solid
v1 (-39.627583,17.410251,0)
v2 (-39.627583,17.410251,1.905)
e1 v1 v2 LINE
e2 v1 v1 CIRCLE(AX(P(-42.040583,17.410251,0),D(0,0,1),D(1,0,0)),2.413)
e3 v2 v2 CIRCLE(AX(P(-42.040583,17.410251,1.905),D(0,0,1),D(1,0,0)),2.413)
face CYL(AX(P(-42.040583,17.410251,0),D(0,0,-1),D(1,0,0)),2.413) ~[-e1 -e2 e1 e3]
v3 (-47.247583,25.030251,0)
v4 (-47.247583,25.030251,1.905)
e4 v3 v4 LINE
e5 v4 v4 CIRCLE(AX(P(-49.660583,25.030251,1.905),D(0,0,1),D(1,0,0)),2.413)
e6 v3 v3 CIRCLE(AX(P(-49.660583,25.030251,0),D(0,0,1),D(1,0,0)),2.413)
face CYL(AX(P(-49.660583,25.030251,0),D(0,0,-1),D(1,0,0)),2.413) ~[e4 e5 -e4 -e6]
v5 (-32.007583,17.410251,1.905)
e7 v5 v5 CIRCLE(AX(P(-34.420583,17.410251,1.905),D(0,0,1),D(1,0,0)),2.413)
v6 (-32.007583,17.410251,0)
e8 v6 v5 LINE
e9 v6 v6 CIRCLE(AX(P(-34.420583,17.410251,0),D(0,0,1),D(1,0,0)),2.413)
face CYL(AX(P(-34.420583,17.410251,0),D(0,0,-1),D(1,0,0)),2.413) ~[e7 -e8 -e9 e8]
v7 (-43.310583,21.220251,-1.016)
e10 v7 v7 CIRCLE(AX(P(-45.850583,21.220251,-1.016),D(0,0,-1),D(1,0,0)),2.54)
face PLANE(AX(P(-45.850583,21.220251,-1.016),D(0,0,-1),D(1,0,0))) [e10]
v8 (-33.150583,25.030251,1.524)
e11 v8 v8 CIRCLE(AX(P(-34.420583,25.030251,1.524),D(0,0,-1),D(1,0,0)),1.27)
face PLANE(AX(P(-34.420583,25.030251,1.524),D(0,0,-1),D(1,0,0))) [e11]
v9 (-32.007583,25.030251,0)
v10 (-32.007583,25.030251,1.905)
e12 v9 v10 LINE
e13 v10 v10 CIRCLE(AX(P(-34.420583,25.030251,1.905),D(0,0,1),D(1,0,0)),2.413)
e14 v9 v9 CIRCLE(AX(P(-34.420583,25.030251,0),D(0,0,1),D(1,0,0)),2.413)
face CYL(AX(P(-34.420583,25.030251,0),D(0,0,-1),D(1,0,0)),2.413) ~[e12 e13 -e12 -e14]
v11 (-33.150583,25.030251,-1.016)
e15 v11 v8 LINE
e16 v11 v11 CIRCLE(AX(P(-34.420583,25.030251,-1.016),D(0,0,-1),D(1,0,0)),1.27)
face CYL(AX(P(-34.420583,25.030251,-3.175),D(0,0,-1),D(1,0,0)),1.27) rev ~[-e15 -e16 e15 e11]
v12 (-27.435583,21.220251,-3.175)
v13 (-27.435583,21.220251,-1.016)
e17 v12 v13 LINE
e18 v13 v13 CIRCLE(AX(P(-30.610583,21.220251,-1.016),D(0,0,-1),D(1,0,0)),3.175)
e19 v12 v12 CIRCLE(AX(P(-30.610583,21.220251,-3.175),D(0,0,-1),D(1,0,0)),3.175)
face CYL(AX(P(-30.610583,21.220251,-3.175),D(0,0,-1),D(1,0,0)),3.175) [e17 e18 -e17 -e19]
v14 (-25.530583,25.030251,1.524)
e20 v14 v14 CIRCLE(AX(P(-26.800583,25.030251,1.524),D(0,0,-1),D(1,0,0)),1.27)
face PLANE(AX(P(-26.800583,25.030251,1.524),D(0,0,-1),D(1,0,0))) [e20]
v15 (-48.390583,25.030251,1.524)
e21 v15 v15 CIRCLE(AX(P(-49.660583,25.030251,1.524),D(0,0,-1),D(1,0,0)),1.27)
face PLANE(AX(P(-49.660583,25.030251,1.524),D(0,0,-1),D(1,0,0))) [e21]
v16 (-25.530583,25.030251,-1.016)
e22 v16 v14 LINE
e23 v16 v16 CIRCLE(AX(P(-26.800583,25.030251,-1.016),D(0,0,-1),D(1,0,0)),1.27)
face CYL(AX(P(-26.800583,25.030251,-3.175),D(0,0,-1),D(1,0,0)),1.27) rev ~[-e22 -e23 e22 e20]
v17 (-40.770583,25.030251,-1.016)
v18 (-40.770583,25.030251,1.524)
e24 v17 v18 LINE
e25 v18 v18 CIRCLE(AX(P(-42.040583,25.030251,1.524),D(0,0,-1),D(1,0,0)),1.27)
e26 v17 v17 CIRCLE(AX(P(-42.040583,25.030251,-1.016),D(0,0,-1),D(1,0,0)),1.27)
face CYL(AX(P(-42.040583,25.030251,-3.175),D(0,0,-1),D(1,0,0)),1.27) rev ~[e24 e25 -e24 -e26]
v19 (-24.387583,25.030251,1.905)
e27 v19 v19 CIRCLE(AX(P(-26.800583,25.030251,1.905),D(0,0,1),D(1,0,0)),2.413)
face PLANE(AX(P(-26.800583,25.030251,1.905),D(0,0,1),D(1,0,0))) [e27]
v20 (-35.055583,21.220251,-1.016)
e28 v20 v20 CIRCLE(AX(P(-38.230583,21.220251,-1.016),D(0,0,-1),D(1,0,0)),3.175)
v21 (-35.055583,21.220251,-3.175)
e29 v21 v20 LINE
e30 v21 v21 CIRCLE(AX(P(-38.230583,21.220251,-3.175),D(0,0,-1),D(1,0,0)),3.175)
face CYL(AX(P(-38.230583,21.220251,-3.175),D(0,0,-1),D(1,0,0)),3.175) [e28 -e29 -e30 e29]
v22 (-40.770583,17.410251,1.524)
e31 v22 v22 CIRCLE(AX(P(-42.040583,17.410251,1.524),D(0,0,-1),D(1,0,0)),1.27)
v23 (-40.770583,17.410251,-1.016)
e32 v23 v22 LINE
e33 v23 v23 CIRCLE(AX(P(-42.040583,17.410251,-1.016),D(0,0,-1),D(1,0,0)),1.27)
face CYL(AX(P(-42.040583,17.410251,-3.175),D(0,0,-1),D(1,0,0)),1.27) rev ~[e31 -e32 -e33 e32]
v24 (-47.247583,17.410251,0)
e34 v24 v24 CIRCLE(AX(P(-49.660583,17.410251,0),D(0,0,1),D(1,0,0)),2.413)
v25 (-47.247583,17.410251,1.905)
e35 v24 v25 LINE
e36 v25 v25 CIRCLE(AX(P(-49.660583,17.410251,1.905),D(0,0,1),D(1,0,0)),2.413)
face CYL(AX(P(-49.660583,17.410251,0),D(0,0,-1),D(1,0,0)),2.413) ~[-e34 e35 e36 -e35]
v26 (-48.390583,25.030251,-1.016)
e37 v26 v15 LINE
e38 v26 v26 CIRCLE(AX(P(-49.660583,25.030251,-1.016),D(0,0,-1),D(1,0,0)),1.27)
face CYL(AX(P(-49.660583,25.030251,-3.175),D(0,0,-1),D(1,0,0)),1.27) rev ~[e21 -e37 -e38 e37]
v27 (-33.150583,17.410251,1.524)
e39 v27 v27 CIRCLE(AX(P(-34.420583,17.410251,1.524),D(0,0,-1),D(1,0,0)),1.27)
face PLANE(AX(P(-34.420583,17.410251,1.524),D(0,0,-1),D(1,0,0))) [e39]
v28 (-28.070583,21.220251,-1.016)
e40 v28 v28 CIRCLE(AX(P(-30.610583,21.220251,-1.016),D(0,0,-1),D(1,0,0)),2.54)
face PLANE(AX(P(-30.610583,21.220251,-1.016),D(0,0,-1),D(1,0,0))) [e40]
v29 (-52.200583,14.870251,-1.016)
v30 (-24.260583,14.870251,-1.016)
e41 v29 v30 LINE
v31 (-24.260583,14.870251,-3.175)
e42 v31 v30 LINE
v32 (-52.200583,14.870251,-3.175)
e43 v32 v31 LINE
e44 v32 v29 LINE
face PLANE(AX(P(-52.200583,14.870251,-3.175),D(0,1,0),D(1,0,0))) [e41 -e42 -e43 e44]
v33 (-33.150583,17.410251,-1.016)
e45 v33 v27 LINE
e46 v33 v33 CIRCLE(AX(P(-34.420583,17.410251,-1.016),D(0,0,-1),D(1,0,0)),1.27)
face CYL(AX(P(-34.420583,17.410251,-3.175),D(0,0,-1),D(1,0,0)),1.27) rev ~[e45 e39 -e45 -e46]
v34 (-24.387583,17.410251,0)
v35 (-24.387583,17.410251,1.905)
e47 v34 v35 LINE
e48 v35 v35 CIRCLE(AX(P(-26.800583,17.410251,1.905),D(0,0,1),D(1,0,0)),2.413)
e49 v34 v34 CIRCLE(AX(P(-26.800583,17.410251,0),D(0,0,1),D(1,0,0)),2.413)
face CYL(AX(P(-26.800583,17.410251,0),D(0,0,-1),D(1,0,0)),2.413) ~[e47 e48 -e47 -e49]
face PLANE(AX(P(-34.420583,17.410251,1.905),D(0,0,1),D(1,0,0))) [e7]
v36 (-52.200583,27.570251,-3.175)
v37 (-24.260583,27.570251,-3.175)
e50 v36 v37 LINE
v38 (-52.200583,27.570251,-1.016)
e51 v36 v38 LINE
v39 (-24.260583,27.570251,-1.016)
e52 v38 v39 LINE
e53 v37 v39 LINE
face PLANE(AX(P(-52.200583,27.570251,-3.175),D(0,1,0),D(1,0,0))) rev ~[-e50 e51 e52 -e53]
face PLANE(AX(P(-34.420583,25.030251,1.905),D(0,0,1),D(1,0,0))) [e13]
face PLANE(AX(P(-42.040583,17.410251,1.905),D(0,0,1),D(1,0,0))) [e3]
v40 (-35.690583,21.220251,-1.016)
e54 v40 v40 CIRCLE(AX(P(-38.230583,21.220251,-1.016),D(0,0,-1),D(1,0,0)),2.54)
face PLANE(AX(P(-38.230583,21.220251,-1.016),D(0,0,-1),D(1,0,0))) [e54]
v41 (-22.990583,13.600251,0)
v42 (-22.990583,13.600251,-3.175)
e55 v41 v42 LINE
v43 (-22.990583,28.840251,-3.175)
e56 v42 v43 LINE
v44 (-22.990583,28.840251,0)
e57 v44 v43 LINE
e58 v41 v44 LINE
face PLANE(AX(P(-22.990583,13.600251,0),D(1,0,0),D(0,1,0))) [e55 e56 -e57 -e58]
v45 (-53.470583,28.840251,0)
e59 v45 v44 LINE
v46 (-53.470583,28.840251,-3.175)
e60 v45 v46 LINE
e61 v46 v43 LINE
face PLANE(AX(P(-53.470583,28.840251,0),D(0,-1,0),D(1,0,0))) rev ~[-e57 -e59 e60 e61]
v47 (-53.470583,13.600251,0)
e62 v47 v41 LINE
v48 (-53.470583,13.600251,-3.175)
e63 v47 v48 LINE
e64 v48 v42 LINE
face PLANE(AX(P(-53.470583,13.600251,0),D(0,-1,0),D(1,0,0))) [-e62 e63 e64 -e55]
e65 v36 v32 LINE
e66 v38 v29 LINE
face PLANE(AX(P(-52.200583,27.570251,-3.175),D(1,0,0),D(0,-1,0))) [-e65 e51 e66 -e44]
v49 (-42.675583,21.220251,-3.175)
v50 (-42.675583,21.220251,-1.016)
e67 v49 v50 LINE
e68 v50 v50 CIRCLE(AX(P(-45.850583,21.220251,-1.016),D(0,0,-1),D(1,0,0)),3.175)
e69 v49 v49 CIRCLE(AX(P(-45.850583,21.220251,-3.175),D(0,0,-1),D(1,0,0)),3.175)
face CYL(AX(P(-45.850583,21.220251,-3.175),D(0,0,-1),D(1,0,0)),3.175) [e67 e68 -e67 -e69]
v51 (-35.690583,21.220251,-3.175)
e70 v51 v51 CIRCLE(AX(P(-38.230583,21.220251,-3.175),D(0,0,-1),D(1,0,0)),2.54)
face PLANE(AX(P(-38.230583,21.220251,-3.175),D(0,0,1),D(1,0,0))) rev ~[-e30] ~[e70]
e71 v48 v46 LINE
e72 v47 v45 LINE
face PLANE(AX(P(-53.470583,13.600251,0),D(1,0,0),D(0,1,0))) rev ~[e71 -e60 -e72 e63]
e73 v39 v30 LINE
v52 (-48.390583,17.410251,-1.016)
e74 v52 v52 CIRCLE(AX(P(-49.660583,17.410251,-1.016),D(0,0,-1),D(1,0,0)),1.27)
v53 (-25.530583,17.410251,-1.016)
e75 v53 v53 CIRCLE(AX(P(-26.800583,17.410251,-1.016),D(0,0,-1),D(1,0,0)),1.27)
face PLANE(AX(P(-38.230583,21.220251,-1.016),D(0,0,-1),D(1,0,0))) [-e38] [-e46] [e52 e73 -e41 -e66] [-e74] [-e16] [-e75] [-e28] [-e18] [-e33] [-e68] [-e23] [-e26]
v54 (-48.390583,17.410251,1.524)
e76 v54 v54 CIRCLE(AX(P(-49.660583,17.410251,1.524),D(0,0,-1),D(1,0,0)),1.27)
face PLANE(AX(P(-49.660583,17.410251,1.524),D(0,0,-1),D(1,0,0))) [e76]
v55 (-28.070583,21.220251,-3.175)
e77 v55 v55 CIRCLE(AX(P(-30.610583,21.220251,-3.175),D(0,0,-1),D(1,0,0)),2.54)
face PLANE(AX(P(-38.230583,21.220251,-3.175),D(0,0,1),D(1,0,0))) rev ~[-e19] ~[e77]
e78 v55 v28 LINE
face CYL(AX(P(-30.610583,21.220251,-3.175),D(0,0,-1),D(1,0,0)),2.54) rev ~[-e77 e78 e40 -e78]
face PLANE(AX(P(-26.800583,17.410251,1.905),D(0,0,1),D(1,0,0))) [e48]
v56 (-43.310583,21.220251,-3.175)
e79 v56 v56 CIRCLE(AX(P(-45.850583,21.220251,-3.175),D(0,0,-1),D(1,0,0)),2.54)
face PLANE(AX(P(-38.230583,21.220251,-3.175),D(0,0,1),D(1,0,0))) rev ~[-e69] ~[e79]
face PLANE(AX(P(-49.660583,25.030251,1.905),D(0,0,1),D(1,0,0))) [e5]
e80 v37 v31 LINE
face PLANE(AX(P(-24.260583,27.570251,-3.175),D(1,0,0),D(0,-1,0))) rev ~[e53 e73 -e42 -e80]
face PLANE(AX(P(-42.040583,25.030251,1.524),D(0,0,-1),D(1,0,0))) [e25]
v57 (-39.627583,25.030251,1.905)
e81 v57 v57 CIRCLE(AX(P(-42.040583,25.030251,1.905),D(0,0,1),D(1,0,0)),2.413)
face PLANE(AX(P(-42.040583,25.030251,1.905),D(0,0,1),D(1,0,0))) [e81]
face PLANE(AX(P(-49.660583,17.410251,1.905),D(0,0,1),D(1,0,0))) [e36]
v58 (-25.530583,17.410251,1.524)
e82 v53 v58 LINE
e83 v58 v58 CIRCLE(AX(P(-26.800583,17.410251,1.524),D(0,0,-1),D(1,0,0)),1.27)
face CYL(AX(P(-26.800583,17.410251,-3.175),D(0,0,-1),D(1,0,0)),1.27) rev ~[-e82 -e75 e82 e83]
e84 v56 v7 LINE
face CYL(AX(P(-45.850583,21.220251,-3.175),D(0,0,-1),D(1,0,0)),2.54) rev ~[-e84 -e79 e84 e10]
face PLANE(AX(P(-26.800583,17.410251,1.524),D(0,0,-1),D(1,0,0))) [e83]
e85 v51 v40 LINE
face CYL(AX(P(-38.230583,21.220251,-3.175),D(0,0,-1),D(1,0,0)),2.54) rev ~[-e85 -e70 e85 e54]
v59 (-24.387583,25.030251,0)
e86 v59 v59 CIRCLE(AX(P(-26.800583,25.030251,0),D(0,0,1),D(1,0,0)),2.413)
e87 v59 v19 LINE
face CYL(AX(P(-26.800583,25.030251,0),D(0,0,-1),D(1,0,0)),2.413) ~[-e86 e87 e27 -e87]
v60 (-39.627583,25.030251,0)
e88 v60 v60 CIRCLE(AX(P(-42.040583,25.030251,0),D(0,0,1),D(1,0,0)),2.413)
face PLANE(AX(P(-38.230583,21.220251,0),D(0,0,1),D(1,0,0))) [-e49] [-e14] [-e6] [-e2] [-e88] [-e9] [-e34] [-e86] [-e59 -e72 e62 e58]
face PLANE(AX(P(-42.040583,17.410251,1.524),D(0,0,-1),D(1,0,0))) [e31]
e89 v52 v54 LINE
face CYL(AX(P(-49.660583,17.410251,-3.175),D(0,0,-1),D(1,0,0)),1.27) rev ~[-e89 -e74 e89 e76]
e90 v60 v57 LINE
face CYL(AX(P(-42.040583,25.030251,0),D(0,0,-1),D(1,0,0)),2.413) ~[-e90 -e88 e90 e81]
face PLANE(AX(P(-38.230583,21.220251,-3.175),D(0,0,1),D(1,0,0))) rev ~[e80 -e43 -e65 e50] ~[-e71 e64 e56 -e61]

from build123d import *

# Parameters (mm, degrees)
F0_W      = 30.48
F0_H      = 15.24
F2_DEPTH  = 3.175
F1_R      = 2.413
F3_DEPTH  = 1.905
F5_R      = 1.27
F6_DEPTH  = 4.699
F4_W      = 27.94
F4_H      = 12.7
F4_R      = 3.175
F7_DEPTH  = 2.159
F8_DEPTH  = 4.699
F9_DEPTH  = 4.699
F4_R_2    = 2.54
F10_DEPTH = 2.159
F11_DEPTH = 2.159
F12_DEPTH = 2.159


with BuildPart() as f2:
    # F0 (on Top) → F2 (new body)
    with BuildSketch(Plane.XY):
        with Locations((-38.230583, 21.220251)):
            Rectangle(F0_W, F0_H)
    extrude(amount=-F2_DEPTH)

    # F1 (on face) → F3 (join)
    with BuildSketch(Plane.XY):
        with Locations((-26.800583, 25.030251)):
            Circle(F1_R)
        with Locations((-26.800583, 17.410251)):
            Circle(F1_R)
        with Locations((-34.420583, 25.030251)):
            Circle(F1_R)
        with Locations((-34.420583, 17.410251)):
            Circle(F1_R)
        with Locations((-42.040583, 25.030251)):
            Circle(F1_R)
        with Locations((-42.040583, 17.410251)):
            Circle(F1_R)
        with Locations((-49.660583, 25.030251)):
            Circle(F1_R)
        with Locations((-49.660583, 17.410251)):
            Circle(F1_R)
    extrude(amount=F3_DEPTH)

    # F5 (on face) → F6 (cut)
    with BuildSketch(Plane(origin=(0, 0, -3.175), x_dir=(1, 0, 0), z_dir=(0, 0, -1))):
        with Locations((-26.800583, -25.030251)):
            Circle(F5_R)
        with Locations((-34.420583, -25.030251)):
            Circle(F5_R)
        with Locations((-42.040583, -25.030251)):
            Circle(F5_R)
        with Locations((-49.660583, -25.030251)):
            Circle(F5_R)
        with Locations((-26.800583, -17.410251)):
            Circle(F5_R)
        with Locations((-34.420583, -17.410251)):
            Circle(F5_R)
        with Locations((-42.040583, -17.410251)):
            Circle(F5_R)
        with Locations((-49.660583, -17.410251)):
            Circle(F5_R)
    extrude(amount=-F6_DEPTH, mode=Mode.SUBTRACT)

    # F4 (on face) → F7 (cut)
    with BuildSketch(Plane(origin=(0, 0, -3.175), x_dir=(1, 0, 0), z_dir=(0, 0, -1))):
        with Locations((-38.230583, -21.220251)):
            Rectangle(F4_W, F4_H)
        with Locations((-45.850583, -21.220251)):
            Circle(F4_R, mode=Mode.SUBTRACT)
        with Locations((-38.230583, -21.220251)):
            Circle(F4_R, mode=Mode.SUBTRACT)
        with Locations((-30.610583, -21.220251)):
            Circle(F4_R, mode=Mode.SUBTRACT)
    extrude(amount=-F7_DEPTH, mode=Mode.SUBTRACT)

    # F5 (on face) → F8 (join)
    with BuildSketch(Plane(origin=(0, 0, -3.175), x_dir=(1, 0, 0), z_dir=(0, 0, -1))):
        with Locations((-49.660583, -25.030251)):
            Circle(F5_R)
    extrude(amount=-F8_DEPTH)

    # F5 (on face) → F9 (cut)
    with BuildSketch(Plane(origin=(0, 0, -3.175), x_dir=(1, 0, 0), z_dir=(0, 0, -1))):
        with Locations((-49.660583, -25.030251)):
            Circle(F5_R)
    extrude(amount=-F9_DEPTH, mode=Mode.SUBTRACT)

    # F4 (on face) → F10 (cut)
    with BuildSketch(Plane(origin=(0, 0, -3.175), x_dir=(1, 0, 0), z_dir=(0, 0, -1))):
        with Locations((-45.850583, -21.220251)):
            Circle(F4_R_2)
    extrude(amount=-F10_DEPTH, mode=Mode.SUBTRACT)

    # F4 (on face) → F11 (cut)
    with BuildSketch(Plane(origin=(0, 0, -3.175), x_dir=(1, 0, 0), z_dir=(0, 0, -1))):
        with Locations((-30.610583, -21.220251)):
            Circle(F4_R_2)
    extrude(amount=-F11_DEPTH, mode=Mode.SUBTRACT)

    # F4 (on face) → F12 (cut)
    with BuildSketch(Plane(origin=(0, 0, -3.175), x_dir=(1, 0, 0), z_dir=(0, 0, -1))):
        with Locations((-38.230583, -21.220251)):
            Circle(F4_R_2)
    extrude(amount=-F12_DEPTH, mode=Mode.SUBTRACT)


solid = f2.part
